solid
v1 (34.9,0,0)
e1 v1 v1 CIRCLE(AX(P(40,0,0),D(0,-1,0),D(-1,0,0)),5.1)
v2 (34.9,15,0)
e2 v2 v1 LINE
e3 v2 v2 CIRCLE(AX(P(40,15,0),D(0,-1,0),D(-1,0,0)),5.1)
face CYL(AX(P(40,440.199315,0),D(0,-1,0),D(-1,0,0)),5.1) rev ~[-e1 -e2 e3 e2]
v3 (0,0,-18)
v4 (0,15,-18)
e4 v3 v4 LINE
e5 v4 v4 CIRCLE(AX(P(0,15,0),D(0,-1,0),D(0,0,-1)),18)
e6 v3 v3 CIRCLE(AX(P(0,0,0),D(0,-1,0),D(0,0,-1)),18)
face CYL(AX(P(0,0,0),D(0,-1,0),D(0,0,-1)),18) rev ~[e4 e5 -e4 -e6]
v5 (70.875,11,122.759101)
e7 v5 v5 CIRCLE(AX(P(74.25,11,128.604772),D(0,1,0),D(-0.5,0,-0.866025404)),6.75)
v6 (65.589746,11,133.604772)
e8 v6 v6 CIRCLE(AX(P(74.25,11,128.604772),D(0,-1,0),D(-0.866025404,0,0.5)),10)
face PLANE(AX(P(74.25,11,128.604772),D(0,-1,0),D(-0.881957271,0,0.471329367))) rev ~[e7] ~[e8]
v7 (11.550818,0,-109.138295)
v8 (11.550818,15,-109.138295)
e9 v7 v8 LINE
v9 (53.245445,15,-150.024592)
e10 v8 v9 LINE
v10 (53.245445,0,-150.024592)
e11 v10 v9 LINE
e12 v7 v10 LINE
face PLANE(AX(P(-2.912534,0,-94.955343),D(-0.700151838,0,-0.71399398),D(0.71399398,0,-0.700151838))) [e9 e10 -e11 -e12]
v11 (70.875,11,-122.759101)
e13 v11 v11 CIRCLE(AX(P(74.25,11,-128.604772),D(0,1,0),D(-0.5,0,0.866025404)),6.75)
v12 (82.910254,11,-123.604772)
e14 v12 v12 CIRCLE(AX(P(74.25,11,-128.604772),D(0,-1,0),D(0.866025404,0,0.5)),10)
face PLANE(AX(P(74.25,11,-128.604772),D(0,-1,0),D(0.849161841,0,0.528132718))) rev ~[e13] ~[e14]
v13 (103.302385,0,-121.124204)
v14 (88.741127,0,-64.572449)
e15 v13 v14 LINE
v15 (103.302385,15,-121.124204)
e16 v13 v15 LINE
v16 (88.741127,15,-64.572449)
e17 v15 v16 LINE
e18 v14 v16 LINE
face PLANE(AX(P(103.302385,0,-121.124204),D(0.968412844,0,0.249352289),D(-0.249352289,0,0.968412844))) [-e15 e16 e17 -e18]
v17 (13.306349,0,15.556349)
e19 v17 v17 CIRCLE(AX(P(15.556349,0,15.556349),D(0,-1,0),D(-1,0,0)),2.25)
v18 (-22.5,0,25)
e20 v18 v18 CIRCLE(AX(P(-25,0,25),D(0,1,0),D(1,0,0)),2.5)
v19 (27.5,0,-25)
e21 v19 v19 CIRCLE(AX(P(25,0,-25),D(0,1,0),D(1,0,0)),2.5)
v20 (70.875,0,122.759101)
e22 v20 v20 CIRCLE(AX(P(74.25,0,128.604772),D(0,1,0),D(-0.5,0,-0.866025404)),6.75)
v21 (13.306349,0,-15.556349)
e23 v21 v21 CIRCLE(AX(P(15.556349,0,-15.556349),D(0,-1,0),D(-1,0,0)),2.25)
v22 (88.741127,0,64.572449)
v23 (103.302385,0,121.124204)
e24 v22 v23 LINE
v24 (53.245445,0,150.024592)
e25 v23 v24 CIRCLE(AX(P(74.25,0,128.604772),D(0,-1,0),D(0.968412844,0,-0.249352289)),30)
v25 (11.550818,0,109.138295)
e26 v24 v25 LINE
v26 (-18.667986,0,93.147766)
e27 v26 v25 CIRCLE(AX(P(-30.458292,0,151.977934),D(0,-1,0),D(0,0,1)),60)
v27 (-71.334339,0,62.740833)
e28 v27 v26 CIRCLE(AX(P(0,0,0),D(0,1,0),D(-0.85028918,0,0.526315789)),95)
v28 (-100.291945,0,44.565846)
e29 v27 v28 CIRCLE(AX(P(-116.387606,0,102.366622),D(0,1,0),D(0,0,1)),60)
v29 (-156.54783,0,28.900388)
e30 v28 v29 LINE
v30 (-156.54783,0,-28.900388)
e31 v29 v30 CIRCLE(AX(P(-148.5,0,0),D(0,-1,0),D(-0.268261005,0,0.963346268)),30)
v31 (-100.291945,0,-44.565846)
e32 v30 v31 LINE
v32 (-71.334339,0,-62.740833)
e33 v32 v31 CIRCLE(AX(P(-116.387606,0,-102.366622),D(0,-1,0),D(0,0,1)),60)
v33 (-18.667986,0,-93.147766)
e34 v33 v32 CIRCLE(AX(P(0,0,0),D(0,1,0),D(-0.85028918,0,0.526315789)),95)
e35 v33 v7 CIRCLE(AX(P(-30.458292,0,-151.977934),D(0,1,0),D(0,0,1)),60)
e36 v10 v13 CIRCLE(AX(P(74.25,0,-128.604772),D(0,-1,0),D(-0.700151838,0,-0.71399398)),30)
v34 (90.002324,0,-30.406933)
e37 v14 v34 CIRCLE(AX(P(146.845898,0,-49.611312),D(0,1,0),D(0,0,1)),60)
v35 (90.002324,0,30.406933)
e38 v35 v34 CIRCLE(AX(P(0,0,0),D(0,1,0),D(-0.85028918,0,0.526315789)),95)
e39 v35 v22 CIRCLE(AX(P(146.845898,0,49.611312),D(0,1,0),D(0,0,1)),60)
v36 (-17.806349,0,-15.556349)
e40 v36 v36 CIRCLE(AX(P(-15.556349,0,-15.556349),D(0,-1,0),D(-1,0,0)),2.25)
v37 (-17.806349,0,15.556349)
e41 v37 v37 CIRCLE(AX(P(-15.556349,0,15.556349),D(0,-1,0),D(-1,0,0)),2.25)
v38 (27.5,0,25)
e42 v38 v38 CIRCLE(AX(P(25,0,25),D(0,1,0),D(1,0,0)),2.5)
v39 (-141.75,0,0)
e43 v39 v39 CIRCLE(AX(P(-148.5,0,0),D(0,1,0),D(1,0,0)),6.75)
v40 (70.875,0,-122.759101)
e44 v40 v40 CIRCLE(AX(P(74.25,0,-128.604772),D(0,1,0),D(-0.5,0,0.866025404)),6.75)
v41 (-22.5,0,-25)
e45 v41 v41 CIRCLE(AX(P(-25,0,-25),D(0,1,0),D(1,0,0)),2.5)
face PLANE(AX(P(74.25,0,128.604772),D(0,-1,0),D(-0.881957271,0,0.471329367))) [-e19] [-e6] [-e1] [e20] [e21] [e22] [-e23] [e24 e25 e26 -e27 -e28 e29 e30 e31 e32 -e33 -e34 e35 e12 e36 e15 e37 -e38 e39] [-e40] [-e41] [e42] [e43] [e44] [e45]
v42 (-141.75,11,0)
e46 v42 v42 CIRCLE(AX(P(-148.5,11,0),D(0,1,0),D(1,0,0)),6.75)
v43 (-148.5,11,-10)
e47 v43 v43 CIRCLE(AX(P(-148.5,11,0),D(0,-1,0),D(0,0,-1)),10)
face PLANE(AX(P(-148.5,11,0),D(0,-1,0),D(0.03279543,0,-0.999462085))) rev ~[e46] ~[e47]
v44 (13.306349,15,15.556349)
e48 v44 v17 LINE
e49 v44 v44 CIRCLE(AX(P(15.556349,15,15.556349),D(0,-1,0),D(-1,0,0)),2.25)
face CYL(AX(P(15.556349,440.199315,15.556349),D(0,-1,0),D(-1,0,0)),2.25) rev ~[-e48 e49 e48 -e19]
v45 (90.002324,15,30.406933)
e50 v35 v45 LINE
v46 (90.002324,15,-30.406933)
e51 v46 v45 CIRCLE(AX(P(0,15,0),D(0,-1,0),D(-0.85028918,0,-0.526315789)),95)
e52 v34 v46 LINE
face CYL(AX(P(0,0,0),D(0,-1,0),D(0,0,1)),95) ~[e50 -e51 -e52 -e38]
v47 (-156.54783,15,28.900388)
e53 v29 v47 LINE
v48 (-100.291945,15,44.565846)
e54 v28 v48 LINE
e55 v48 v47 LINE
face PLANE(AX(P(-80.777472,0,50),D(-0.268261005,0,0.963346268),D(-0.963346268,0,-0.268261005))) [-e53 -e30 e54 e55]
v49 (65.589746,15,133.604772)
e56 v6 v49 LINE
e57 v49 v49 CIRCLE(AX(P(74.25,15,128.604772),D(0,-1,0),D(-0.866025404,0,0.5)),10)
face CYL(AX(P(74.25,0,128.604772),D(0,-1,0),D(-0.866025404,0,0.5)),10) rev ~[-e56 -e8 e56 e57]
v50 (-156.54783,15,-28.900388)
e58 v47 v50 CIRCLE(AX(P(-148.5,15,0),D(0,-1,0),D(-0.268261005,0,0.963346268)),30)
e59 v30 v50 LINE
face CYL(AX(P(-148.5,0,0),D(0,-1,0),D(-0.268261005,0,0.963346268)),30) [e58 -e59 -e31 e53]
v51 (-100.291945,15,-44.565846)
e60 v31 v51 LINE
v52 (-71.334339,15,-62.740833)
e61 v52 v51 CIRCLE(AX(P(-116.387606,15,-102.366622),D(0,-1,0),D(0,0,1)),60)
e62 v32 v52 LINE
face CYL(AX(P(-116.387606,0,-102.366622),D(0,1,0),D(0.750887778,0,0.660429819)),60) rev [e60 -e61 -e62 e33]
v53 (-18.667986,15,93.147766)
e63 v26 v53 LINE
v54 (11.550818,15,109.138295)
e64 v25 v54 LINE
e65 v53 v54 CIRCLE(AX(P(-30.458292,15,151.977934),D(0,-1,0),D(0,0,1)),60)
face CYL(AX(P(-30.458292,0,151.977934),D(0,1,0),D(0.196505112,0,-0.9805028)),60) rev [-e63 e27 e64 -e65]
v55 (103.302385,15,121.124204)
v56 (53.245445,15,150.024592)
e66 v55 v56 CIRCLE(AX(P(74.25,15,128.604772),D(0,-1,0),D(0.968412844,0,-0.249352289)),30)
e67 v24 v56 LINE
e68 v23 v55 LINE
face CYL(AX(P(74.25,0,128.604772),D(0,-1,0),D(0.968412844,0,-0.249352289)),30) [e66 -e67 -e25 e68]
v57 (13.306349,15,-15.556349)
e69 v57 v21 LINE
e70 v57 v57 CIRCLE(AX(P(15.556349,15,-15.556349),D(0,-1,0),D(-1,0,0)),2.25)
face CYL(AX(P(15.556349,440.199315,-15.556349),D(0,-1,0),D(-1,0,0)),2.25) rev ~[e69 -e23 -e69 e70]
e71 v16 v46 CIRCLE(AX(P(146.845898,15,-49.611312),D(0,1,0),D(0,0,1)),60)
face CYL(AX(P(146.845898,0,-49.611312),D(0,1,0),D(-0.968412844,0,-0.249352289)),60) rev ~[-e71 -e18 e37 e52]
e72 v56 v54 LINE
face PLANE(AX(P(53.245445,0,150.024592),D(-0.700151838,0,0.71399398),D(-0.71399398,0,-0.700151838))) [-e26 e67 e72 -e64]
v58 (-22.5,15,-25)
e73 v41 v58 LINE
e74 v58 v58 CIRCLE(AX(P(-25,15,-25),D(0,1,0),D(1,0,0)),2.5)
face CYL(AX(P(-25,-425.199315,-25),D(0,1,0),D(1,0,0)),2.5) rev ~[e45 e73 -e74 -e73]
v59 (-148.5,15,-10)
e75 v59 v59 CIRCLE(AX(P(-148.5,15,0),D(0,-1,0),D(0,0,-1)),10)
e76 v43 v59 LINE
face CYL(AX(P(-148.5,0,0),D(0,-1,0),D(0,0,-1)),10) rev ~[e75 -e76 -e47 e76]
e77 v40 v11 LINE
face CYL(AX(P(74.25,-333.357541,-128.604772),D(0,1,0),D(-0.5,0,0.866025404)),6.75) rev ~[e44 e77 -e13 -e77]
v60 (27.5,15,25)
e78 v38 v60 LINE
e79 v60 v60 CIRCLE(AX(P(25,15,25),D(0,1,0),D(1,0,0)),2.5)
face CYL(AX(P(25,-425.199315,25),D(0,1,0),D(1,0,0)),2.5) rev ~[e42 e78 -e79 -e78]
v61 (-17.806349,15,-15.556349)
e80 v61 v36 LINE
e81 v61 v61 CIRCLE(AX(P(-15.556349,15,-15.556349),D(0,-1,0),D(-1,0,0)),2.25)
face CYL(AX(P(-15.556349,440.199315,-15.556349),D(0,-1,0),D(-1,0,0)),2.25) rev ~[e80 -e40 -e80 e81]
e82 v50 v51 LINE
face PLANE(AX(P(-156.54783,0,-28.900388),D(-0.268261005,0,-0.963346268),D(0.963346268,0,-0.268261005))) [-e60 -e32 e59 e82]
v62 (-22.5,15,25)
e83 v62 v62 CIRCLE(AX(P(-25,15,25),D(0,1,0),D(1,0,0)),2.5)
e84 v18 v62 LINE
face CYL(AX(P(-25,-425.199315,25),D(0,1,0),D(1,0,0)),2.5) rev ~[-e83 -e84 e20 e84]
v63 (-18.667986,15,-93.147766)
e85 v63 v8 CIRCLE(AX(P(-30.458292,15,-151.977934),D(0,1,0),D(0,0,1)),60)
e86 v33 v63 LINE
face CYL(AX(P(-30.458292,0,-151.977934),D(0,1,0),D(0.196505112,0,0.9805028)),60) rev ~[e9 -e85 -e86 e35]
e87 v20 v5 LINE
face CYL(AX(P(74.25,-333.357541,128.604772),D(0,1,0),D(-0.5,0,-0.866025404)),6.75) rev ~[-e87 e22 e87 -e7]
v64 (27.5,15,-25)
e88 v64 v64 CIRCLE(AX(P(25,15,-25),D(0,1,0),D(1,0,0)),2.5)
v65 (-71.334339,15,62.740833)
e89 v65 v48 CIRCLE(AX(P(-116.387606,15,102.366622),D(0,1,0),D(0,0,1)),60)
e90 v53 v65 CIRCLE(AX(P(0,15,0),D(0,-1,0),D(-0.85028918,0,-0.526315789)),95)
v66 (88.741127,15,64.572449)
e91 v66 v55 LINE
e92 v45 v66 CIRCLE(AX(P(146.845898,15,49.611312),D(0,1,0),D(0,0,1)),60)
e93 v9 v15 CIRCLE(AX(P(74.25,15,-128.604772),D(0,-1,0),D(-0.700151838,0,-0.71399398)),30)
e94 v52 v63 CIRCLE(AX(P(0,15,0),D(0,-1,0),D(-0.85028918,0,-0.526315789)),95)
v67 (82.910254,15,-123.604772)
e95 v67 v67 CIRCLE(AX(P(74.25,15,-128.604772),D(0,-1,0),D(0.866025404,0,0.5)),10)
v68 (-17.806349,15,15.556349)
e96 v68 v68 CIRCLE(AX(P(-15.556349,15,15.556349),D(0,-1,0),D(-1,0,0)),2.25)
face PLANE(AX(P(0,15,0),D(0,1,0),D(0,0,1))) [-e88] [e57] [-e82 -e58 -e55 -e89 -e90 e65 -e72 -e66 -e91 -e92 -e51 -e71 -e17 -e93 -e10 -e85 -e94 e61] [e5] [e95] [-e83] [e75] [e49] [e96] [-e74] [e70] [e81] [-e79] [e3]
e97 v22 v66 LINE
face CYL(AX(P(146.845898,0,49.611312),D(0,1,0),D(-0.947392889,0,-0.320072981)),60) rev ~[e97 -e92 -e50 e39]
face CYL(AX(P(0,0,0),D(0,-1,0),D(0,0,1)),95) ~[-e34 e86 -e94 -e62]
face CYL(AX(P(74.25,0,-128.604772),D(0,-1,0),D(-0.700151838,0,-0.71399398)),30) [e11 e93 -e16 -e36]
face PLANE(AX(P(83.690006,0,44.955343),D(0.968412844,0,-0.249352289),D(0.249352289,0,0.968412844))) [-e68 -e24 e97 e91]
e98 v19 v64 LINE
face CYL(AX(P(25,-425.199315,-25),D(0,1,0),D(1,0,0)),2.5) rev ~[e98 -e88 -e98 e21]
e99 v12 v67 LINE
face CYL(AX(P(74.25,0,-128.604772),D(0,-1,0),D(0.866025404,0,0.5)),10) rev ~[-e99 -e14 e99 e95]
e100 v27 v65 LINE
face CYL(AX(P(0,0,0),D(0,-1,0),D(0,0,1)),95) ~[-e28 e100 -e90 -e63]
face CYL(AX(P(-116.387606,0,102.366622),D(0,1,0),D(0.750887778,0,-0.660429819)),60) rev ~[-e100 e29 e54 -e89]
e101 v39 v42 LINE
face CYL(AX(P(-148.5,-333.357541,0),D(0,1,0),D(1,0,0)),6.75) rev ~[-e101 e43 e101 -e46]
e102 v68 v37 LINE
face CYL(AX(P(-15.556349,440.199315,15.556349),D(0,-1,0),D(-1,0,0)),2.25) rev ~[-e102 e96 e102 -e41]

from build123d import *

# Parameters (mm, degrees)
SKETCH1_R                = 95
BOSS_EXTRUDE1_DEPTH      = 15
SKETCH2_R                = 10
BOSS_EXTRUDE2_DEPTH      = 15
FILLET1_R                = 60
SKETCH4_R                = 10
BOSS_EXTRUDE3_DEPTH      = 11
M12_CLEARANCE_HOLE1_D    = 13.5
CIRPATTERN1_COUNT        = 3
FILLET1_OF_CIRPATTERN1_R = 60
SKETCH7_R                = 18
CUT_EXTRUDE1_DEPTH       = 240.25451688
M4_CLEARANCE_HOLE1_D     = 4.5
M6_TAPPED_HOLE1_D        = 5
M12_TAPPED_HOLE1_D       = 10.2


with BuildPart() as part:
    # Sketch1 → Boss-Extrude1 (new body)
    with BuildSketch(Plane(origin=(0, 0, 0), x_dir=(1, 0, 0), z_dir=(0, 1, 0))):
        with Locations(Location((0, 0, 0), (0, 0, 270))):
            Circle(SKETCH1_R)
    extrude(amount=BOSS_EXTRUDE1_DEPTH)

    # Sketch2 → Boss-Extrude2 (add)
    with BuildSketch(Plane.XZ):
        with BuildLine():
            Line((-156.547830163, -28.900388054), (-80.777472107, -50))
            ThreePointArc((-80.777472107, -50), (-95, 0), (-80.777472107, 50))
            Line((-80.777472107, 50), (-156.547830163, 28.900388054))
            ThreePointArc((-156.547830163, 28.900388054), (-178.5, 0), (-156.547830163, -28.900388054))
        make_face()
        with Locations(Location((-148.5, 0, 0), (0, 0, 270))):
            Circle(SKETCH2_R, mode=Mode.SUBTRACT)
    boss_extrude2 = extrude(amount=-BOSS_EXTRUDE2_DEPTH)

    # Fillet1
    fillet1_edges = [part.edges().sort_by_distance(p)[0] for p in [
        (-80.777472107, 7.5, 50),
        (-80.777472107, 7.5, -50),
    ]]
    fillet(fillet1_edges, radius=FILLET1_R)

    # Sketch4 → Boss-Extrude3 (add)
    with BuildSketch(Plane.XZ):
        with Locations(Location((-148.5, 0, 0), (0, 0, 271.879376726))):
            Circle(SKETCH4_R)
    boss_extrude3 = extrude(amount=-BOSS_EXTRUDE3_DEPTH)

    # M12 Clearance Hole1 (through all)
    with Locations(Plane(origin=(0, 0, 0), x_dir=(-1, 0, 0), z_dir=(0, -1, 0))):
        with Locations((148.5, 0)):
            m12_clearance_hole1 = Hole(M12_CLEARANCE_HOLE1_D / 2)

    # CirPattern1: Boss-Extrude2, Boss-Extrude3, M12 Clearance Hole1 ×3 about axis
    cirpattern1_axis = Axis((0, 0, 0), (0, 1, 0))
    add([boss_extrude2.rotate(cirpattern1_axis, i * 360 / CIRPATTERN1_COUNT) for i in range(1, CIRPATTERN1_COUNT)])
    add([boss_extrude3.rotate(cirpattern1_axis, i * 360 / CIRPATTERN1_COUNT) for i in range(1, CIRPATTERN1_COUNT)])
    add([m12_clearance_hole1.rotate(cirpattern1_axis, i * 360 / CIRPATTERN1_COUNT) for i in range(1, CIRPATTERN1_COUNT)], mode=Mode.SUBTRACT)

    # Fillet1 of CirPattern1
    fillet1_of_cirpattern1_edges = [part.edges().sort_by_distance(p)[0] for p in [
        (83.690006243, 7.5, 44.955342898),
        (-2.912534136, 7.5, 94.955342898),
        (-2.912534136, 7.5, -94.955342898),
        (83.690006243, 7.5, -44.955342898),
    ]]
    fillet(fillet1_of_cirpattern1_edges, radius=FILLET1_OF_CIRPATTERN1_R)

    # Sketch7 → Cut-Extrude1 (cut, through all)
    with BuildSketch(Plane(origin=(0, 0, 0), x_dir=(-1, 0, 0), z_dir=(0, -1, 0))):
        with Locations(Location((0, 0, 0), (0, 0, 90))):
            Circle(SKETCH7_R)
    extrude(amount=-CUT_EXTRUDE1_DEPTH, mode=Mode.SUBTRACT)

    # M4 Clearance Hole1 (through all)
    with Locations(Plane(origin=(0, 15, 0), x_dir=(1, 0, 0), z_dir=(0, 1, 0))):
        with Locations((-15.556349186, -15.556349186), (15.556349186, -15.556349186), (15.556349186, 15.556349186), (-15.556349186, 15.556349186)):
            Hole(M4_CLEARANCE_HOLE1_D / 2)

    # M6 Tapped Hole1 (through all)
    with Locations(Plane(origin=(0, 0, 0), x_dir=(-1, 0, 0), z_dir=(0, -1, 0))):
        with Locations((0, 0), (25, 25), (-25, -25), (-25, 25), (25, -25)):
            Hole(M6_TAPPED_HOLE1_D / 2)

    # M12 Tapped Hole1 (through all)
    with Locations(Plane(origin=(0, 15, 0), x_dir=(1, 0, 0), z_dir=(0, 1, 0))):
        with Locations((40, 0)):
            Hole(M12_TAPPED_HOLE1_D / 2)


solid = part.part
